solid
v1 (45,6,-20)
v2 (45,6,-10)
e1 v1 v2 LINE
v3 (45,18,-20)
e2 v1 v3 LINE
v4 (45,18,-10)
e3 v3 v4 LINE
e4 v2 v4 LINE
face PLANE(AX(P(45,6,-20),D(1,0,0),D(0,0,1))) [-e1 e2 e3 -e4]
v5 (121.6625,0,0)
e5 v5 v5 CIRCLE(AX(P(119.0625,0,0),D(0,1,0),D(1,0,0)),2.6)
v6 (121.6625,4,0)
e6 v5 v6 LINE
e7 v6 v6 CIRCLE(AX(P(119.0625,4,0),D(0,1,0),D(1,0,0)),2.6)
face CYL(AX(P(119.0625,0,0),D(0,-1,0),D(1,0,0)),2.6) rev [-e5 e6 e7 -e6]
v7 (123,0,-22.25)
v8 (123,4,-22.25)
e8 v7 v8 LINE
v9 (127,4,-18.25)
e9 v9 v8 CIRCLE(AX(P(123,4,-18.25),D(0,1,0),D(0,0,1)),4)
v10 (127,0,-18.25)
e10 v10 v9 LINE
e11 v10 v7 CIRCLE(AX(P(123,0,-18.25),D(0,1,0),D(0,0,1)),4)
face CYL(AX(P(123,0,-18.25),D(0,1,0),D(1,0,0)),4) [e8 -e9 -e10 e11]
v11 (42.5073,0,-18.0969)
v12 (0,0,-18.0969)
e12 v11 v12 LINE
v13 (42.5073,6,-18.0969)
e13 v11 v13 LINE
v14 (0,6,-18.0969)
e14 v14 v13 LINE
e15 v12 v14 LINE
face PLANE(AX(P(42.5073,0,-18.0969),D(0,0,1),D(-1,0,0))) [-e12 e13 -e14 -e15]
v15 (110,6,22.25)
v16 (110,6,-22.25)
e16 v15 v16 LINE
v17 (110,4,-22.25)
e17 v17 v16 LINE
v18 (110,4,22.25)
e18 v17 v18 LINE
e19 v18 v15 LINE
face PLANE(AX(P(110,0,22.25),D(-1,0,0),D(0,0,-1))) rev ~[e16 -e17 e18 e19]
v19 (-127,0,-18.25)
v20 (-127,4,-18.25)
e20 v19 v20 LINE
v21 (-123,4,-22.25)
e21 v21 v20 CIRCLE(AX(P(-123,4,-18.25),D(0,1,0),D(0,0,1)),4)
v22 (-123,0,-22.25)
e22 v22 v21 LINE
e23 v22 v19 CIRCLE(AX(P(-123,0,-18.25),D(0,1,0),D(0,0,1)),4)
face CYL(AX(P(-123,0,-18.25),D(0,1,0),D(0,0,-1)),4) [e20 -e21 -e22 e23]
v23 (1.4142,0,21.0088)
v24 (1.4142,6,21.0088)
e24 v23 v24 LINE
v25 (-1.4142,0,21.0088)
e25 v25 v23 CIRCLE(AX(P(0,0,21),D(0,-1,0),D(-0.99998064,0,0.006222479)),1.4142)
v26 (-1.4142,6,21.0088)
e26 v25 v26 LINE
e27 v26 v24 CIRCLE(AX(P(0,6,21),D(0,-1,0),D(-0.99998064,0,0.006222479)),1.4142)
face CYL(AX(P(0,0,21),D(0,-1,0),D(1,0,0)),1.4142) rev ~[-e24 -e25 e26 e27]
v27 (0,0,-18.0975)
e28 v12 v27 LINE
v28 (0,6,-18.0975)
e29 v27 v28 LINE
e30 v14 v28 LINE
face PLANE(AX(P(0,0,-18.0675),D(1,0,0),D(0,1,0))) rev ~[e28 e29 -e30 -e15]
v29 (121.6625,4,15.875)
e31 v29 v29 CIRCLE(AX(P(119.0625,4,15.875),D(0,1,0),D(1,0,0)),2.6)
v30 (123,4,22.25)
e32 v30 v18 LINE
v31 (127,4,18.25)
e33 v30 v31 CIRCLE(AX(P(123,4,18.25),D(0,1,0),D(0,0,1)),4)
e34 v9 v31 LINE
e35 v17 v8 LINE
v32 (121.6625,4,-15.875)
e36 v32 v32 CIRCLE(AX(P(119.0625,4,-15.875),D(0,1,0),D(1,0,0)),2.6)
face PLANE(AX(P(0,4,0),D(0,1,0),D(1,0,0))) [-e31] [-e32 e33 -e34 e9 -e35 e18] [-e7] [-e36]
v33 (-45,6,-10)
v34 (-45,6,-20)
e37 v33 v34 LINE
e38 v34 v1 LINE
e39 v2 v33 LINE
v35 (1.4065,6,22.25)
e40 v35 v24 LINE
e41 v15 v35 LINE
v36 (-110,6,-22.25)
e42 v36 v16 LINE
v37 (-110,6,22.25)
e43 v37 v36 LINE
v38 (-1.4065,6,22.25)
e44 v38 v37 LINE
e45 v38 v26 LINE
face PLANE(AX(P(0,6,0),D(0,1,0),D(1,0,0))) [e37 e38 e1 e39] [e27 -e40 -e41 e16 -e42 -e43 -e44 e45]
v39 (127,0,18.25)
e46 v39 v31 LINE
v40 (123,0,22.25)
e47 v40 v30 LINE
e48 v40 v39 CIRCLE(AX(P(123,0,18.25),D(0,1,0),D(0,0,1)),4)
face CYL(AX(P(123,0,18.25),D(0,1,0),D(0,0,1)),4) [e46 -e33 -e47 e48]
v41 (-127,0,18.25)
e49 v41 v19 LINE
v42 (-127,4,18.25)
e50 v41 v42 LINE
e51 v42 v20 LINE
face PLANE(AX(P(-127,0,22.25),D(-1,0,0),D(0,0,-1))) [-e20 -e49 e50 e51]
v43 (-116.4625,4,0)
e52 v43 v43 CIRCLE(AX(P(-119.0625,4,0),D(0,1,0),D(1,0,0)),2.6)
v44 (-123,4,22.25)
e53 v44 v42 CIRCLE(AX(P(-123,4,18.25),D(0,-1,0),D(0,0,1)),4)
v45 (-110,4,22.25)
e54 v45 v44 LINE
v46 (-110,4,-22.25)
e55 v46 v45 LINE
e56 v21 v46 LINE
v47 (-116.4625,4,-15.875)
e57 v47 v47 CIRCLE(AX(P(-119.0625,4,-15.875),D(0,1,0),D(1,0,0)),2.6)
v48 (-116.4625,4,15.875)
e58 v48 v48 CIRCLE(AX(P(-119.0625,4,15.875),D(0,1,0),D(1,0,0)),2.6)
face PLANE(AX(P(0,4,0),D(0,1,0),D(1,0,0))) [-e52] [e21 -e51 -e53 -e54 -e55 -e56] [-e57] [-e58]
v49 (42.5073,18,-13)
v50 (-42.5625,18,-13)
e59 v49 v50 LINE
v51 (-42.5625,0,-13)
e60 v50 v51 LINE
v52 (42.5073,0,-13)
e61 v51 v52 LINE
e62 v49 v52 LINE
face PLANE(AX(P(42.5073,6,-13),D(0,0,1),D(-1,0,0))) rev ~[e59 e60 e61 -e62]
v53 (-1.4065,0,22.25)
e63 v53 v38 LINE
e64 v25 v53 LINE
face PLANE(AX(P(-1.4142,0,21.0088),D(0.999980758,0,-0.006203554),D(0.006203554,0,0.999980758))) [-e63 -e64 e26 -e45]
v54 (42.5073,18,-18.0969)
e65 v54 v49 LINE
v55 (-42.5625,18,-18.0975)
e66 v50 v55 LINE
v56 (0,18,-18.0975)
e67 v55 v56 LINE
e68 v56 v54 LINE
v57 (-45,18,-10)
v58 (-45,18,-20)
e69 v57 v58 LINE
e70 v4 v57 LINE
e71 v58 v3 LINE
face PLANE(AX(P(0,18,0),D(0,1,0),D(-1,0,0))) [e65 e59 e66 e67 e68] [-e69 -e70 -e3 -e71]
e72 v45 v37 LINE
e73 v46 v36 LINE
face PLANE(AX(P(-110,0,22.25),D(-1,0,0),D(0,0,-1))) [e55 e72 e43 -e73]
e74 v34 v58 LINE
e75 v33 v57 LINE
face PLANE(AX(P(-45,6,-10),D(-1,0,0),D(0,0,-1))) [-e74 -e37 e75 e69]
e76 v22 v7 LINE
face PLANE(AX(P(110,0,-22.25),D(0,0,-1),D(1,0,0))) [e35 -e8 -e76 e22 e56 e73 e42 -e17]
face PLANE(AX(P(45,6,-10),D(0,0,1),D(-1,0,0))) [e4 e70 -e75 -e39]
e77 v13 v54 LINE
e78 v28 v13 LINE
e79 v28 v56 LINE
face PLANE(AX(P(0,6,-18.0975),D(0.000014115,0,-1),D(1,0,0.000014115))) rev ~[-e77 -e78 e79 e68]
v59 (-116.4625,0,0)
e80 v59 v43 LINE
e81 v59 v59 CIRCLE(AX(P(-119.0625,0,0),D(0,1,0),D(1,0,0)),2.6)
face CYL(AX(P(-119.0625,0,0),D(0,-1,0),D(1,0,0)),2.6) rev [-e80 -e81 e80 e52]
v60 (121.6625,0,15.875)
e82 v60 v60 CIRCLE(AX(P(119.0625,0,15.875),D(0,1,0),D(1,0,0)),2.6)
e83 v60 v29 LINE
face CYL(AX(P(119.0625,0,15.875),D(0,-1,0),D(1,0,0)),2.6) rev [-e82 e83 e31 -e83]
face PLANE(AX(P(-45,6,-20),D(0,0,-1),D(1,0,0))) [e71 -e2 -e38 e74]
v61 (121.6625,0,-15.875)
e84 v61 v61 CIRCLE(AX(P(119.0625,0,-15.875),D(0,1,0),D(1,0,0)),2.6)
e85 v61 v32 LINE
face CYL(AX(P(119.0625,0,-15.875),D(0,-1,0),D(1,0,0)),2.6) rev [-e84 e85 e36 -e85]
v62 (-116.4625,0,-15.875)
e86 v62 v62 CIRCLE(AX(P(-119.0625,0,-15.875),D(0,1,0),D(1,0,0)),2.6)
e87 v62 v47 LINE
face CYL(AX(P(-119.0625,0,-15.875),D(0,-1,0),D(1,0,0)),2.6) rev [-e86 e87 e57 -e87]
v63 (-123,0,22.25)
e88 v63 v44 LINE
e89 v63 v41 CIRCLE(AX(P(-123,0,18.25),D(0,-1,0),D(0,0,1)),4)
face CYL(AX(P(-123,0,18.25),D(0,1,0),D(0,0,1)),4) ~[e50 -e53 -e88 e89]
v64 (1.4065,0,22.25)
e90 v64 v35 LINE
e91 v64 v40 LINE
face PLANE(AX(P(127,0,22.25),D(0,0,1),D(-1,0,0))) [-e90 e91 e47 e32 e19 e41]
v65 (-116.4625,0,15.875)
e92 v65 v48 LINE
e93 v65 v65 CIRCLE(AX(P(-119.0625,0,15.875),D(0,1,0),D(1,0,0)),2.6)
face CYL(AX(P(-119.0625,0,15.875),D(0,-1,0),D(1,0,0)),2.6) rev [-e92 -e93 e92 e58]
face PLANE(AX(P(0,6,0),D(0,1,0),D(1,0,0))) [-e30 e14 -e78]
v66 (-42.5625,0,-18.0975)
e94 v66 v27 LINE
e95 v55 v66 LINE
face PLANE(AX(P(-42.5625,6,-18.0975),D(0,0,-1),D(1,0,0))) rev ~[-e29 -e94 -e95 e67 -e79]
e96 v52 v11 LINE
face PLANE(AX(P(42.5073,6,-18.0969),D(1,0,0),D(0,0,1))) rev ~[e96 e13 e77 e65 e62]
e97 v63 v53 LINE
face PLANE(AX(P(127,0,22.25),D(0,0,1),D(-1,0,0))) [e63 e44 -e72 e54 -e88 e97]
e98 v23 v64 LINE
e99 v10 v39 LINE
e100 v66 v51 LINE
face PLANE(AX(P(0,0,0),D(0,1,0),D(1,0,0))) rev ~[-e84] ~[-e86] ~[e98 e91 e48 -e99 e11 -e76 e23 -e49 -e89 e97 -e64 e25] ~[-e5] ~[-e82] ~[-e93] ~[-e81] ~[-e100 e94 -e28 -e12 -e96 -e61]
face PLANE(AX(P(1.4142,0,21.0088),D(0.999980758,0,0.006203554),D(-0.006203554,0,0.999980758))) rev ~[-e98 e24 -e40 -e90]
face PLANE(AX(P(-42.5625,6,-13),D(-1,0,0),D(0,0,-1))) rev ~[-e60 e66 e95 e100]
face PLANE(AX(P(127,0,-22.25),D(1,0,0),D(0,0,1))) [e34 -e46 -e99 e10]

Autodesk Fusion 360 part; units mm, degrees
sketch "Sketch1" plane through (0, 0, 0) normal (0, 1, 0) x (1, 0, 0)
  line L0 (127, -22.25) -> (-127, -22.25)
  line L1 (-127, -22.25) -> (-127, 22.25)
  line L2 (-127, 22.25) -> (127, 22.25)
  line L3 (127, 22.25) -> (127, -22.25)
  line L4 (127, -22.25) -> (-127, 22.25) construction
  line L5 (-127, -22.25) -> (127, 22.25) construction
  line L6 (-127, -22.25) -> (-111.125, -22.25) construction
  line L7 (-111.125, -22.25) -> (-111.125, 22.25) construction
  line L8 (-111.125, 22.25) -> (-127, 22.25) construction
  line L9 (-127, 22.25) -> (-127, -22.25) construction
  line L10 (-127, -22.25) -> (-110, -22.25)
  line L11 (-110, -22.25) -> (-110, 22.25)
  line L12 (-110, 22.25) -> (-127, 22.25)
  line L13 (-127, 22.25) -> (-127, -22.25)
  line L14 (-127, -22.25) -> (-111.125, 22.25) construction
  circle A0 centre (-119.0625, 0) radius 2.6
  circle A1 centre (-119.0625, 0) radius 2.5 construction
  circle A2 centre (-119.0625, -15.875) radius 2.6
  circle A3 centre (-119.0625, 15.875) radius 2.6
  line L15 (0, -22.25) -> (0, 22.25) construction
  circle A4 centre (119.0625, -15.875) radius 2.6
  line L16 (127, 22.25) -> (127, -22.25)
  line L17 (111.125, -22.25) -> (111.125, 22.25) construction
  line L18 (127, -22.25) -> (111.125, 22.25) construction
  line L19 (127, -22.25) -> (127, 22.25)
  line L20 (110, -22.25) -> (110, 22.25)
  line L21 (127, -22.25) -> (111.125, -22.25) construction
  circle A5 centre (119.0625, 0) radius 2.5 construction
  line L22 (111.125, 22.25) -> (127, 22.25) construction
  circle A6 centre (119.0625, 15.875) radius 2.6
  line L23 (110, 22.25) -> (127, 22.25)
  line L24 (127, 22.25) -> (127, -22.25) construction
  circle A7 centre (119.0625, 0) radius 2.6
  line L25 (127, -22.25) -> (110, -22.25)
  dimension "d1" = 254
  dimension "d2" = 44.5
  dimension "d3" = 15.875
  dimension "d4" = 17
  dimension "d5" = 5.2
  dimension "d9" = 0
  dimension "d10" = 15.875
  dimension "d18" = 15.875
extrude "Extrude1" add sketch "Sketch1" along normal blind 4
extrude "Extrude2" add sketch "Sketch1" along normal blind 6 contours L0 L2 L11 L20
fillet "Fillet1" radius 4 4 edges at (127, 2, 22.25) (127, 2, -22.25) (-127, 2, -22.25) (-127, 2, 22.25)
sketch "Sketch2" plane through (0, 0, 0) normal (0, 1, 0) x (1, 0, 0)
  line L0 (0, 13) -> (-42.5625, 13)
  line L1 (-42.5625, 13) -> (-42.5625, 18.0675)
  line L2 (-42.5625, 18.0675) -> (0, 18.0675)
  line L3 (0, 18.0675) -> (0, 13)
  line L4 (0, 13) -> (42.5073, 13)
  line L5 (42.5073, 13) -> (42.5073, 18.0969)
  line L6 (42.5073, 18.0969) -> (0, 18.0969)
  line L7 (0, 18.0969) -> (0, 13)
extrude "Extrude3" cut sketch "Sketch2" along normal blind 460
extrude "Extrude4" cut 1 faces at (-28.375, 4, -18.0675) along direction (0, 0, -1) blind 0.03
sketch "Sketch3" plane through (0, 6, 0) normal (0, 1, 0) x (-1, 0, 0)
  line L0 (0, -18.0975) -> (0, -18.0969)
  line L1 (0, -18.0969) -> (-42.5073, -18.0969)
  line L2 (-42.5073, -18.0969) -> (-42.5073, -13)
  line L3 (-42.5073, -13) -> (42.5625, -13)
  line L4 (42.5625, -13) -> (42.5625, -18.0975)
  line L5 (42.5625, -18.0975) -> (0, -18.0975)
  line L6 (110, 22.25) -> (-110, 22.25)
  line L7 (-110, 22.25) -> (-110, -22.25)
  line L8 (-110, -22.25) -> (110, -22.25)
  line L9 (110, -22.25) -> (110, 22.25)
  line L10 (-45, -10) -> (45, -10)
  line L11 (45, -10) -> (45, -20)
  line L12 (45, -20) -> (-45, -20)
  line L13 (-45, -20) -> (-45, -10)
extrude "Extrude5" add sketch "Sketch3" along normal blind 12 contours L10 L11 L12 L13
sketch "Sketch4" plane through (0, 0, 0) normal (0, -1, 0) x (1, 0, 0)
  arc A0 (-123, 22.25) -> (-127, 18.25) centre (-123, 18.25) ccw
  line L0 (-127, 18.25) -> (-127, -18.25)
  arc A1 (-127, -18.25) -> (-123, -22.25) centre (-123, -18.25) ccw
  line L1 (-123, -22.25) -> (123, -22.25)
  arc A2 (123, -22.25) -> (127, -18.25) centre (123, -18.25) ccw
  line L2 (127, -18.25) -> (127, 18.25)
  arc A3 (127, 18.25) -> (123, 22.25) centre (123, 18.25) ccw
  line L3 (123, 22.25) -> (-123, 22.25)
  circle A4 centre (119.0625, 0) radius 2.6
  circle A5 centre (119.0625, 15.875) radius 2.6
  circle A6 centre (119.0625, -15.875) radius 2.6
  circle A7 centre (-119.0625, 15.875) radius 2.6
  circle A8 centre (-119.0625, -15.875) radius 2.6
  circle A9 centre (-119.0625, 0) radius 2.6
  line L4 (0, -18.0969) -> (0, -18.0975)
  line L5 (0, -18.0975) -> (-42.5625, -18.0975)
  line L6 (-42.5625, -18.0975) -> (-42.5625, -13)
  line L7 (-42.5625, -13) -> (42.5073, -13)
  line L8 (42.5073, -13) -> (42.5073, -18.0969)
  line L9 (42.5073, -18.0969) -> (0, -18.0969)
  circle A10 centre (0, 21) radius 1.4142
  line L10 (-1.4142, 21.0088) -> (-1.4065, 22.25)
  line L11 (1.4142, 21.0088) -> (1.4065, 22.25)
extrude "Extrude6" cut sketch "Sketch4" against normal blind 11.5 contours L3 A10 L10 | L3 A10 | L3 A10 L11 picked at (0.2336, 20.1841)
